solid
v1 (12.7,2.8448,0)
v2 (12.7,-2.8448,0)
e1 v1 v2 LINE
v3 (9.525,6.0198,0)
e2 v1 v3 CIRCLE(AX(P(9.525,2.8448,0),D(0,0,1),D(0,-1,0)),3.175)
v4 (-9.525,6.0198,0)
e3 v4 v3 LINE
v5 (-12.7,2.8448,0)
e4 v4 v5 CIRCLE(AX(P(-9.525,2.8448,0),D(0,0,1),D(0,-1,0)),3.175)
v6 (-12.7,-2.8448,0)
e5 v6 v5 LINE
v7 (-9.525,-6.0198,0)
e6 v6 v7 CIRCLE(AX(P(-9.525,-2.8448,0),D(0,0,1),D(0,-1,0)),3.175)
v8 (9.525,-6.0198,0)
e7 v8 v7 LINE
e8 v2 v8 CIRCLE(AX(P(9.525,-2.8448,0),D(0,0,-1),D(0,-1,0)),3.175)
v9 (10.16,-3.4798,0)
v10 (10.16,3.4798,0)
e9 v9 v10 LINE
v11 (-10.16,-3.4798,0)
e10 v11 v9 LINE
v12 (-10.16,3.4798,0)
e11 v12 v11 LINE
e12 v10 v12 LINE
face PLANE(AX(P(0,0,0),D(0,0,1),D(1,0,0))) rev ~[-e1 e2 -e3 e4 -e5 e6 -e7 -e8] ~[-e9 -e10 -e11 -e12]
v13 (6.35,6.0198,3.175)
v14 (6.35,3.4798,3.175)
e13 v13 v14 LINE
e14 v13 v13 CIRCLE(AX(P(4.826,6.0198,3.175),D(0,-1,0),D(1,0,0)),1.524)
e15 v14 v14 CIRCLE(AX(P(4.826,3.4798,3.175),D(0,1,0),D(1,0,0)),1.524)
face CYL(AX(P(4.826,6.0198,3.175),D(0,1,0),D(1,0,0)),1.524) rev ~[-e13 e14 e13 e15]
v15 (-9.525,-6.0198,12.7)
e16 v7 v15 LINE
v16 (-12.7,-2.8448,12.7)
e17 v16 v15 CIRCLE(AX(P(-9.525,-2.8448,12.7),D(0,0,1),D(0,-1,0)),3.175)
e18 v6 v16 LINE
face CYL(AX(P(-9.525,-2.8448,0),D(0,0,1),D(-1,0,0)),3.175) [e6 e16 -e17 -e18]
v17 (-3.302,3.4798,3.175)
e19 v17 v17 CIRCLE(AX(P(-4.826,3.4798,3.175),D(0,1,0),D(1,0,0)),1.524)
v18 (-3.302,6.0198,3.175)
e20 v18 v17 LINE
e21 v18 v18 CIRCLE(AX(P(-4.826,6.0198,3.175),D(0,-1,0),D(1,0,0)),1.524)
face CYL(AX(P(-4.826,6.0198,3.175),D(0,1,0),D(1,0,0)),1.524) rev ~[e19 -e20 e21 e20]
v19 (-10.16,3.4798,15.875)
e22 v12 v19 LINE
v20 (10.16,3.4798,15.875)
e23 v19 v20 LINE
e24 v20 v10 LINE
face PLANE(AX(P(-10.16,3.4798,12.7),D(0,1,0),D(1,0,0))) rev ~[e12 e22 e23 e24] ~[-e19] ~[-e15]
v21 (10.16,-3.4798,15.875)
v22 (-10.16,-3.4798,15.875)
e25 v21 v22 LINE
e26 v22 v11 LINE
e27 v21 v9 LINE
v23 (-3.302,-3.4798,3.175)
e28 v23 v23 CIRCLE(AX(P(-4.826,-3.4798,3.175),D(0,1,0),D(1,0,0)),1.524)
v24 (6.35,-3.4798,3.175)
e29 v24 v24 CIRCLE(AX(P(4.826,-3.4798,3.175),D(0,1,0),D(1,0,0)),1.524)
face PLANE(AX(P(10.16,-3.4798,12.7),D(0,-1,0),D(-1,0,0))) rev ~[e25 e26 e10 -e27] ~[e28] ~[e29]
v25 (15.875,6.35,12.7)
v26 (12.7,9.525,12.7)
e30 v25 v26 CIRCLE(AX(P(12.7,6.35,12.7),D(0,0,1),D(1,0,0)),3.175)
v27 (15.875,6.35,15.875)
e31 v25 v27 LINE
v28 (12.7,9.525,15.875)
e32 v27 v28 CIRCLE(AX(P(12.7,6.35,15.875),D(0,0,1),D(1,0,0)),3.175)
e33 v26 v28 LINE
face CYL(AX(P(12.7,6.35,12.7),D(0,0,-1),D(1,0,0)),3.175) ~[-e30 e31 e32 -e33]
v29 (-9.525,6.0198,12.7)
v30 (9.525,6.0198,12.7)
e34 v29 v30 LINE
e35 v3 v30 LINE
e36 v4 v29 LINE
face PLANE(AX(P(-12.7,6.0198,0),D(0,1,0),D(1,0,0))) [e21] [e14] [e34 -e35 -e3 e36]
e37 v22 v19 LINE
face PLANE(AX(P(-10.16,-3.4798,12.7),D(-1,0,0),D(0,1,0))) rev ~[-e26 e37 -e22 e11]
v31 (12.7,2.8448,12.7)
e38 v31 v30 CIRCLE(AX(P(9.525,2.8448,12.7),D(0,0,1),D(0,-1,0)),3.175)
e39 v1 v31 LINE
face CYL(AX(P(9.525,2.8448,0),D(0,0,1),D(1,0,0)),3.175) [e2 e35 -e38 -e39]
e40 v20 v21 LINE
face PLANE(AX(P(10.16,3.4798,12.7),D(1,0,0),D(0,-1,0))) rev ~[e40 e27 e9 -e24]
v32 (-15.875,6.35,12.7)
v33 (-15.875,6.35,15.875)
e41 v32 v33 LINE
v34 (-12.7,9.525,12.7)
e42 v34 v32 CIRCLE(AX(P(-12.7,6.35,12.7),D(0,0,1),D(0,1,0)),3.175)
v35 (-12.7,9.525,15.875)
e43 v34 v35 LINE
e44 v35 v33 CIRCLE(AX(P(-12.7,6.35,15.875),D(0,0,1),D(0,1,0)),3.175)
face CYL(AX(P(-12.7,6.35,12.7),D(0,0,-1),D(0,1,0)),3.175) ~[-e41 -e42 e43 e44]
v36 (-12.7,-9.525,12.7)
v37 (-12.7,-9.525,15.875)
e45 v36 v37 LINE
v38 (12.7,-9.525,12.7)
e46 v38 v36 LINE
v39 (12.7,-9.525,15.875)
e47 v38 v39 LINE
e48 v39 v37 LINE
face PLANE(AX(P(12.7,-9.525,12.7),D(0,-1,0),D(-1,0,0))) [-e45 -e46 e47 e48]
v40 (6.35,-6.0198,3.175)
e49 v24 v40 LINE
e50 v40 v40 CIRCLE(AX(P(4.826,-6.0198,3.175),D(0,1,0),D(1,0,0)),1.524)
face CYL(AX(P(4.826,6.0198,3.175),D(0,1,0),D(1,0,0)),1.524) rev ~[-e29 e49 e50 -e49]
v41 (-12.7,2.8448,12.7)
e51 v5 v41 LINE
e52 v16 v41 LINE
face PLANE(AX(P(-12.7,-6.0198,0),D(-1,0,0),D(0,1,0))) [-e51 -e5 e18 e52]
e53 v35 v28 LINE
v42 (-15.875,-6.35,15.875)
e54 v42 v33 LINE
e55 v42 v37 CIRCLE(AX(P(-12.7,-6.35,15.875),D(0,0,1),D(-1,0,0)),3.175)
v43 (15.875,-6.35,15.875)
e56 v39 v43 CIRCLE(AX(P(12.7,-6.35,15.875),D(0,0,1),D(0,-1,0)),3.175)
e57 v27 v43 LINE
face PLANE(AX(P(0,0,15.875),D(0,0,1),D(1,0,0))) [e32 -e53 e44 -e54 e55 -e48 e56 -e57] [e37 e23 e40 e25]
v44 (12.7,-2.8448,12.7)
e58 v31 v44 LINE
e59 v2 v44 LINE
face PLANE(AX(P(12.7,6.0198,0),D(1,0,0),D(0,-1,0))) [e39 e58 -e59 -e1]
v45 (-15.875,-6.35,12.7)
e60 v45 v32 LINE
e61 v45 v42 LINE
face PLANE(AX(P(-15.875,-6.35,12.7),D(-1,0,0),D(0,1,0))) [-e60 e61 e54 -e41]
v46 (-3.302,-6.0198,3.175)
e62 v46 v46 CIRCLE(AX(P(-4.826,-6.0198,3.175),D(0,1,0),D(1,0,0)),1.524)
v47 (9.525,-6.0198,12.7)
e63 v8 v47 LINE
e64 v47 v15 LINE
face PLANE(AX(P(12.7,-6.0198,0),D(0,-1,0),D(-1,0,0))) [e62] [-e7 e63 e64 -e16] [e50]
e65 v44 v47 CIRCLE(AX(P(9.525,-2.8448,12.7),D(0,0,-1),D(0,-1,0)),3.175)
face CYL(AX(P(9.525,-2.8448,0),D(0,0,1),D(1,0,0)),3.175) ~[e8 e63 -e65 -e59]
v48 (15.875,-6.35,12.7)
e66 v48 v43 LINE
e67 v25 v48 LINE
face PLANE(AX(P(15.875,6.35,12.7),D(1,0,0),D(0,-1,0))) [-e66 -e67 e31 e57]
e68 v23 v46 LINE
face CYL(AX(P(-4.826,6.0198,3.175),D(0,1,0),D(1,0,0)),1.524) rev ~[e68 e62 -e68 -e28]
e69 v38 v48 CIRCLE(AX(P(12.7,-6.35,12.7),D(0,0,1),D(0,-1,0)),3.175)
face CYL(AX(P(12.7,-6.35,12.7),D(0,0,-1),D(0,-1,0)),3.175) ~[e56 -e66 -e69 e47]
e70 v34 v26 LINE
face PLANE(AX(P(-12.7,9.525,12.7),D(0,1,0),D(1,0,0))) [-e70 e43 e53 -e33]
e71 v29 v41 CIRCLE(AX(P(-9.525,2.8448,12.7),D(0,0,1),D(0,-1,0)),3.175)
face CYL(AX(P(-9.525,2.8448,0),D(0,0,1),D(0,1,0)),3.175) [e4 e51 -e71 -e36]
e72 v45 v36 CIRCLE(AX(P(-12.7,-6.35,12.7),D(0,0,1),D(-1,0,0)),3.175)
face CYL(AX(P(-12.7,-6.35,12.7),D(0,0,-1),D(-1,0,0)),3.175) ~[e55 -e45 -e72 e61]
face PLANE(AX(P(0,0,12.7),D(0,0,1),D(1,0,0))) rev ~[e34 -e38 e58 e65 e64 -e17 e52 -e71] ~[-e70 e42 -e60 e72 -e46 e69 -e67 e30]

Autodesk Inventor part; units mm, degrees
ref_plane "YZ Plane" through (0, 0, 0) normal (1, 0, 0) x (0, 1, 0)
ref_plane "XZ Plane" through (0, 0, 0) normal (0, 1, 0) x (-1, 0, 0)
ref_plane "XY Plane" through (0, 0, 0) normal (0, 0, 1) x (1, 0, 0)
sketch "Sketch1" plane through (0, 0, 0) normal (0, 0, 1) x (1, 0, 0)
  line L0 (12.7, -6.0198) -> (-12.7, -6.0198)
  line L1 (-12.7, -6.0198) -> (-12.7, 6.0198)
  line L2 (-12.7, 6.0198) -> (12.7, 6.0198)
  line L3 (12.7, 6.0198) -> (12.7, -6.0198)
  line L4 (12.7, -6.0198) -> (-12.7, 6.0198) construction
  line L5 (-12.7, -6.0198) -> (12.7, 6.0198) construction
  point P0 (0, 0)
  dimension "d0" = 25.4
  dimension "d1" = 12.0396
extrude "Extrusion1" add sketch "Sketch1" along normal blind 12.7
shell "Shell1" thickness 2.54 removed faces 2 at (4.2333, -2.0066, 0) at (4.2333, -2.0066, 12.7)
sketch "Sketch2" plane through (-12.7, 6.0198, 0) normal (0, 1, 0) x (1, 0, 0)
  line L0 (-2.1226, -3.175) -> (30.0619, -3.175)
  line L1 (0, 0) -> (25.4, 0) projected
  circle A0 centre (7.874, -3.175) radius 1.524
  circle A1 centre (17.526, -3.175) radius 1.524
  line L2 (12.7, 1.1779) -> (12.7, -16.2415)
  point P0 (12.7, 0)
  point P1 (12.7, 0)
  dimension "d23" = 3.175
  dimension "d24" = 3.048
  dimension "d25" = 9.652
extrude "Extrusion2" cut sketch "Sketch2" against normal through all
sketch "Sketch3" plane through (0, 0, 12.7) normal (0, 0, 1) x (1, 0, 0)
  line L0 (-10.16, 3.4798) -> (10.16, 3.4798)
  line L1 (10.16, 3.4798) -> (10.16, -3.4798)
  line L2 (10.16, -3.4798) -> (-10.16, -3.4798)
  line L3 (-10.16, -3.4798) -> (-10.16, 3.4798)
  line L4 (-10.16, 3.4798) -> (10.16, -3.4798) construction
  line L5 (10.16, 3.4798) -> (-10.16, -3.4798) construction
  line L6 (-12.7, 9.525) -> (12.7, 9.525)
  line L7 (15.875, 6.35) -> (15.875, -6.35)
  line L8 (12.7, -9.525) -> (-12.7, -9.525)
  line L9 (-15.875, -6.35) -> (-15.875, 6.35)
  line L10 (-15.875, 9.525) -> (15.875, -9.525) construction
  line L11 (15.875, 9.525) -> (-15.875, -9.525) construction
  arc A0 (12.7, -9.525) -> (15.875, -6.35) centre (12.7, -6.35) ccw
  arc A1 (15.875, 6.35) -> (12.7, 9.525) centre (12.7, 6.35) ccw
  arc A2 (-12.7, 9.525) -> (-15.875, 6.35) centre (-12.7, 6.35) ccw
  arc A3 (-15.875, -6.35) -> (-12.7, -9.525) centre (-12.7, -6.35) ccw
  point P0 (0, 0)
  dimension "d28" = 19.05
  dimension "d29" = 31.75
  dimension "d30" = 3.175
extrude "Extrusion3" add sketch "Sketch3" along normal blind 3.175
fillet "Fillet1" radius 3.175 4 edges at (12.7, 6.0198, 6.35) (12.7, -6.0198, 6.35) (-12.7, 6.0198, 6.35) (-12.7, -6.0198, 6.35)
properties part number "E-Stop_Fixture"
